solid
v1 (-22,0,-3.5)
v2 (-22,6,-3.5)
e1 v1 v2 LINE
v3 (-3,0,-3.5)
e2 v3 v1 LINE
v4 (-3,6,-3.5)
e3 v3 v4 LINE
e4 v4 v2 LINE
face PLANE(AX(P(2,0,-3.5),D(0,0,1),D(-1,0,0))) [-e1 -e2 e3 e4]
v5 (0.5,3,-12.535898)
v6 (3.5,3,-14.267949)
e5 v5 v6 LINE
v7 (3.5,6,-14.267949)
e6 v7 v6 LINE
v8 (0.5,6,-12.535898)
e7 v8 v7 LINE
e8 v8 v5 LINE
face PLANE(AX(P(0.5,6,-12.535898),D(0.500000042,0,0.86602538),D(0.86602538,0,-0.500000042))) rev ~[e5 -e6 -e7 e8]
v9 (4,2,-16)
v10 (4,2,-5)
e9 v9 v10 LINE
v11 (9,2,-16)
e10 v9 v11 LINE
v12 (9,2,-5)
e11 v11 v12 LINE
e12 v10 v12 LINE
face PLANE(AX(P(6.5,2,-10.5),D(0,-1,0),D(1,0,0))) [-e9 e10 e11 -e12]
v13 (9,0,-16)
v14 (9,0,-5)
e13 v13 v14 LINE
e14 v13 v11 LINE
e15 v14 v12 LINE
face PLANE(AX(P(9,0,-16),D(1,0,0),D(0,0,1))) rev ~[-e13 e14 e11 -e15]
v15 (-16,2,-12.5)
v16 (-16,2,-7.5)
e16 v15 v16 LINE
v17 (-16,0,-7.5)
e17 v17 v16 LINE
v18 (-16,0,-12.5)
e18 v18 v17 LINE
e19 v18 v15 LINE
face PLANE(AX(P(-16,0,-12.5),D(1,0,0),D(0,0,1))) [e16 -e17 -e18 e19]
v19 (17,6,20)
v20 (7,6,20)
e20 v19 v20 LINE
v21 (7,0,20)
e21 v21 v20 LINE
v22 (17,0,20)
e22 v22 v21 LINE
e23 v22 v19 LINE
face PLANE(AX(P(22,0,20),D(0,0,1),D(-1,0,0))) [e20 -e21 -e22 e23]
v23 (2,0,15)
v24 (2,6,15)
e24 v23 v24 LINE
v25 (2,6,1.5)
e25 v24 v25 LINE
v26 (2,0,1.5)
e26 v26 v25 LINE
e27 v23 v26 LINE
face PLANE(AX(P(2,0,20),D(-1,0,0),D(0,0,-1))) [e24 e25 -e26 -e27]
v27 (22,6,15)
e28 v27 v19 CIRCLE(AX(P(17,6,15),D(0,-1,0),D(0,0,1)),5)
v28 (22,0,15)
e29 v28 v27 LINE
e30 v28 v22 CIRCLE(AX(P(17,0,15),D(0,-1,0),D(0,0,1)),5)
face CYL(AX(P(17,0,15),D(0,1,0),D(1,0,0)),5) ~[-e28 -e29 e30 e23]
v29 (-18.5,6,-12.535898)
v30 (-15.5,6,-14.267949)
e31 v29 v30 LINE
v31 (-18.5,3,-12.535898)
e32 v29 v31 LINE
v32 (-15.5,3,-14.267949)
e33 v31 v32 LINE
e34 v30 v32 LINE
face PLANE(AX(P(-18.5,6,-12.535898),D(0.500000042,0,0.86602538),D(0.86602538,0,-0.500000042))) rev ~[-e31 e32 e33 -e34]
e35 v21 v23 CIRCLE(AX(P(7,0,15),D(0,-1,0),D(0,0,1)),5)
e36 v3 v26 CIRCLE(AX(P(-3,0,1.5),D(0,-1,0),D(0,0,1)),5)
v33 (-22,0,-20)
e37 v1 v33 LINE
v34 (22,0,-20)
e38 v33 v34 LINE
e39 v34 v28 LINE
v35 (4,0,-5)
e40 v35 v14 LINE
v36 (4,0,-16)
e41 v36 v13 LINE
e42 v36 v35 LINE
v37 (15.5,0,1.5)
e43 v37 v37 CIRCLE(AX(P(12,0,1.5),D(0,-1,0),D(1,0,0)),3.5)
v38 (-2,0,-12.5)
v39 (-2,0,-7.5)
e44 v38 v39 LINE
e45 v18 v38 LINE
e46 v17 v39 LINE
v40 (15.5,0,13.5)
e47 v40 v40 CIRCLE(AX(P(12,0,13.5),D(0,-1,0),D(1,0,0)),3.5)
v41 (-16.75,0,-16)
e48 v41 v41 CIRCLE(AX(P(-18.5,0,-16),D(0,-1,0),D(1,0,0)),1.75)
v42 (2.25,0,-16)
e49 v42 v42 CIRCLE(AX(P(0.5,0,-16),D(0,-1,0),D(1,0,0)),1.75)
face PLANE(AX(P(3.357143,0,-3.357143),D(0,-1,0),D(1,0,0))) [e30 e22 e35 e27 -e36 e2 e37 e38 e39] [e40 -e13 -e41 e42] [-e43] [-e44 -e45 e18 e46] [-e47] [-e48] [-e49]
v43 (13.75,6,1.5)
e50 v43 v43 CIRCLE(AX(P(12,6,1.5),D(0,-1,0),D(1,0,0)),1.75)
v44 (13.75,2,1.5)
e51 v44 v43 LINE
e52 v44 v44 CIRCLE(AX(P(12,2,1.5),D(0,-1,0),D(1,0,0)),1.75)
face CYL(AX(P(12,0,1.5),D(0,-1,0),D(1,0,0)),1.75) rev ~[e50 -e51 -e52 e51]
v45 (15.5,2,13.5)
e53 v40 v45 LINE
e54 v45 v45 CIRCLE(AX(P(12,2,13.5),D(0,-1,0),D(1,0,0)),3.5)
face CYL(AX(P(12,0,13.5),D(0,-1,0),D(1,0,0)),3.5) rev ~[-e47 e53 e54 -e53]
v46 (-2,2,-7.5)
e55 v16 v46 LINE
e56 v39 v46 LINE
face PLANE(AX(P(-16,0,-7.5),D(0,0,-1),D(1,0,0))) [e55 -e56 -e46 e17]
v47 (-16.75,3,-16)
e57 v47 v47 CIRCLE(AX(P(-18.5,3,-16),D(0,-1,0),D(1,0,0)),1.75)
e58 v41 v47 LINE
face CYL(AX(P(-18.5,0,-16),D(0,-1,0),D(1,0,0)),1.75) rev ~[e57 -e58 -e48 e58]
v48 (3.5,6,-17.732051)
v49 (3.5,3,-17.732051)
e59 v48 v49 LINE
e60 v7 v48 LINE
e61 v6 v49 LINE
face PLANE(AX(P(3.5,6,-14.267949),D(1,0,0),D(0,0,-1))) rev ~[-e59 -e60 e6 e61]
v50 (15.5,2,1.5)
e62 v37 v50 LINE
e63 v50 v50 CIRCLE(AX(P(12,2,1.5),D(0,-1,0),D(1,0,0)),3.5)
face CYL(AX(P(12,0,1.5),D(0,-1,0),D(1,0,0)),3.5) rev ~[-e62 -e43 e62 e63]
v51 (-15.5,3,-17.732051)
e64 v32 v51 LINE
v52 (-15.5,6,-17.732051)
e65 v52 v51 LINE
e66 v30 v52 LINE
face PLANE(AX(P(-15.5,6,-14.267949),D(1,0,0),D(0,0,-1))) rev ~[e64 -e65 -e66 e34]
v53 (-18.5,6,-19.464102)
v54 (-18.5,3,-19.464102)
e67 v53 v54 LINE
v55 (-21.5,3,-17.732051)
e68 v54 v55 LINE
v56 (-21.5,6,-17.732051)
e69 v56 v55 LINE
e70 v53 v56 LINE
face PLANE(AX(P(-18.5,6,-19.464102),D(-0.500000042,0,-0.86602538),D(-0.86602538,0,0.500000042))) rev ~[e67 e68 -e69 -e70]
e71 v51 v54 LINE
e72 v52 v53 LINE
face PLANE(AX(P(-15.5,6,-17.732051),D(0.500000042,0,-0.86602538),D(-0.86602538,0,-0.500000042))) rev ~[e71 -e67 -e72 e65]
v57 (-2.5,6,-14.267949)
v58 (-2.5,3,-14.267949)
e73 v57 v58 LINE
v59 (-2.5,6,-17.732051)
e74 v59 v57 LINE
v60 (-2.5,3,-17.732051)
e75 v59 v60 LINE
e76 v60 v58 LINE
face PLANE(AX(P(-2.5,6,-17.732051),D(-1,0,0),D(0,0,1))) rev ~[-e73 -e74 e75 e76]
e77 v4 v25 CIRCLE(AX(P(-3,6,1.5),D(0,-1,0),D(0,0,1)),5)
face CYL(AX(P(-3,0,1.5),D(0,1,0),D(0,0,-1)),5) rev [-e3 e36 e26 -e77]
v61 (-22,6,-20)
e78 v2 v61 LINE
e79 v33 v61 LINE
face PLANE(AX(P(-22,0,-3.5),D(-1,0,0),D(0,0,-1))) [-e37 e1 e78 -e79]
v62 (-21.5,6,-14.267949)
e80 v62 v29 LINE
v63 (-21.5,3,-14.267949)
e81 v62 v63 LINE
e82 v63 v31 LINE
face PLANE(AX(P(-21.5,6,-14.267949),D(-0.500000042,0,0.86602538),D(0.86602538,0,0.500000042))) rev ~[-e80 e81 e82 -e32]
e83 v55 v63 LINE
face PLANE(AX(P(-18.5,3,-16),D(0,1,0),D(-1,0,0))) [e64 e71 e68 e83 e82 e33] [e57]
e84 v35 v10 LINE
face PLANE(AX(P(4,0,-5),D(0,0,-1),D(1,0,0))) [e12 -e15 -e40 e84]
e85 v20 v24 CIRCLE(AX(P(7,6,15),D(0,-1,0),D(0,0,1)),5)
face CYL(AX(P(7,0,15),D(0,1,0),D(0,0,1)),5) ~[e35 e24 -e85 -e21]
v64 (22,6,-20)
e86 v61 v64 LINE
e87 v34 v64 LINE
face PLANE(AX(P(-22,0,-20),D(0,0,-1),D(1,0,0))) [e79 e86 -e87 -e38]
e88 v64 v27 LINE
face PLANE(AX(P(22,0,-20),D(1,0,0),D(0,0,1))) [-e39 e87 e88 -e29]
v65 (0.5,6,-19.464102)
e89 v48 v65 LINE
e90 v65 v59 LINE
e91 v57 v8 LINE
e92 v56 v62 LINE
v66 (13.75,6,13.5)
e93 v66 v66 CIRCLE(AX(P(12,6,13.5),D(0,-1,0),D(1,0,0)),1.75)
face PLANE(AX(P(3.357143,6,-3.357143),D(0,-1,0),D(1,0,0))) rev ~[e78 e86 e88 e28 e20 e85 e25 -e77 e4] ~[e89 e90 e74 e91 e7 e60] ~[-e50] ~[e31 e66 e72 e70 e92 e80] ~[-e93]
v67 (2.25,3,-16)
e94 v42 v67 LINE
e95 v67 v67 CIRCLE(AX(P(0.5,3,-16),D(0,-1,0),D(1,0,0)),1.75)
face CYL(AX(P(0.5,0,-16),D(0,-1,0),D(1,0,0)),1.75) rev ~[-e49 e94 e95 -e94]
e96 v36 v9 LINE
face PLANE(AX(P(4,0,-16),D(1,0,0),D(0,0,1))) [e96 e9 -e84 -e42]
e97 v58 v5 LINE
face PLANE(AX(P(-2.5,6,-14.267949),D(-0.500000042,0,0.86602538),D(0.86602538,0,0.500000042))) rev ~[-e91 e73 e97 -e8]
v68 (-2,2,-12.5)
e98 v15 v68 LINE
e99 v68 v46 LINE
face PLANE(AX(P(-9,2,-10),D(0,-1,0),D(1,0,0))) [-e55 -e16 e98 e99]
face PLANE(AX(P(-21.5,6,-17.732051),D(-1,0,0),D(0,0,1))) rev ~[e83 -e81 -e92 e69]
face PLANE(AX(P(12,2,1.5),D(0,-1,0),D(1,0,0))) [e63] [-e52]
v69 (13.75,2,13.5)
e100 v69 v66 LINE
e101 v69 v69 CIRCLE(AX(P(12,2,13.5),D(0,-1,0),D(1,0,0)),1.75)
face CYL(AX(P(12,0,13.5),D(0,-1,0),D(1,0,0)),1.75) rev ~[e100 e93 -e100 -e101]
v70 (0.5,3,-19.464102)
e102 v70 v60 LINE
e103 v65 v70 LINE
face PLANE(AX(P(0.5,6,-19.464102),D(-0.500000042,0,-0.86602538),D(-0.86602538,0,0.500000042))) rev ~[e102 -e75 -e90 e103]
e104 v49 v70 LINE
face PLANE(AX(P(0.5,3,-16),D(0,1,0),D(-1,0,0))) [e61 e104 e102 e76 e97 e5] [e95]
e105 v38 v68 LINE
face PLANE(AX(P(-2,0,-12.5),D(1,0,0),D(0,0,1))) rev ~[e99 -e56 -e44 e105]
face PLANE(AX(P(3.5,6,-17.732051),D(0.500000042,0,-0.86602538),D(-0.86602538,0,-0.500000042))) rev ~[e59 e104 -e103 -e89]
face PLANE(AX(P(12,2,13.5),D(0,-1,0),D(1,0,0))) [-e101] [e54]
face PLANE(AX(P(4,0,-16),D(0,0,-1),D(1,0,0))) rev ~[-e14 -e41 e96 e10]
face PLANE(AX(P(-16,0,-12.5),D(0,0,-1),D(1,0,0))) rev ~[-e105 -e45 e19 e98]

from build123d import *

# Parameters (mm, degrees)
F0_R     = 1.75
F0_W     = 14
F0_H     = 5
F0_W_2   = 5
F0_H_2   = 11
F0_R_2   = 3.5
F1_DEPTH = 6
F2_DEPTH = 2
F4_DEPTH = 3
F5_R     = 5


with BuildPart() as f1:
    # F0 (on Front) → F1 (new body)
    with BuildSketch(Plane.XZ):
        Polygon((-22, -20), (22, -20), (22, 20), (2, 20), (2, -3.5), (-22, -3.5), align=None)
        with Locations((-18.5, -16)):
            Circle(F0_R, mode=Mode.SUBTRACT)
        with Locations((-9, -10)):
            Rectangle(F0_W, F0_H, mode=Mode.SUBTRACT)
        with Locations((0.5, -16)):
            Circle(F0_R, mode=Mode.SUBTRACT)
        with Locations((6.5, -10.5)):
            Rectangle(F0_W_2, F0_H_2, mode=Mode.SUBTRACT)
        with Locations((12, 1.5)):
            Circle(F0_R_2, mode=Mode.SUBTRACT)
        with Locations((12, 13.5)):
            Circle(F0_R_2, mode=Mode.SUBTRACT)
        with Locations((-9, -10)):
            Rectangle(F0_W, F0_H)
        with Locations((6.5, -10.5)):
            Rectangle(F0_W_2, F0_H_2)
        with Locations((12, 1.5)):
            Circle(F0_R_2)
        with Locations((12, 1.5)):
            Circle(F0_R, mode=Mode.SUBTRACT)
        with Locations((12, 13.5)):
            Circle(F0_R_2)
        with Locations((12, 13.5)):
            Circle(F0_R, mode=Mode.SUBTRACT)
    extrude(amount=-F1_DEPTH)

    # F0 (on Front) → F2 (cut)
    with BuildSketch(Plane.XZ):
        with Locations((6.5, -10.5)):
            Rectangle(F0_W_2, F0_H_2)
        with Locations((-9, -10)):
            Rectangle(F0_W, F0_H)
        with Locations((12, 13.5)):
            Circle(F0_R_2)
        with Locations((12, 13.5)):
            Circle(F0_R, mode=Mode.SUBTRACT)
        with Locations((12, 1.5)):
            Circle(F0_R_2)
        with Locations((12, 1.5)):
            Circle(F0_R, mode=Mode.SUBTRACT)
    extrude(amount=-F2_DEPTH, mode=Mode.SUBTRACT)

    # F3 (on face) → F4 (cut)
    with BuildSketch(Plane(origin=(0, 6, 0), x_dir=(-1, 0, 0), z_dir=(0, 1, 0))):
        Polygon((-0.5, -12.535898), (-3.5, -14.267949), (-3.5, -17.732051), (-0.5, -19.464102), (2.5, -17.732051), (2.5, -14.267949), align=None)
        Polygon((15.5, -14.267949), (15.5, -17.732051), (18.5, -19.464102), (21.5, -17.732051), (21.5, -14.267949), (18.5, -12.535898), align=None)
    extrude(amount=-F4_DEPTH, mode=Mode.SUBTRACT)

    # F5
    f5_edges = [f1.edges().sort_by_distance(p)[0] for p in [
        (2, 3, -3.5),
        (2, 3, 20),
        (22, 3, 20),
    ]]
    fillet(f5_edges, radius=F5_R)


solid = f1.part
